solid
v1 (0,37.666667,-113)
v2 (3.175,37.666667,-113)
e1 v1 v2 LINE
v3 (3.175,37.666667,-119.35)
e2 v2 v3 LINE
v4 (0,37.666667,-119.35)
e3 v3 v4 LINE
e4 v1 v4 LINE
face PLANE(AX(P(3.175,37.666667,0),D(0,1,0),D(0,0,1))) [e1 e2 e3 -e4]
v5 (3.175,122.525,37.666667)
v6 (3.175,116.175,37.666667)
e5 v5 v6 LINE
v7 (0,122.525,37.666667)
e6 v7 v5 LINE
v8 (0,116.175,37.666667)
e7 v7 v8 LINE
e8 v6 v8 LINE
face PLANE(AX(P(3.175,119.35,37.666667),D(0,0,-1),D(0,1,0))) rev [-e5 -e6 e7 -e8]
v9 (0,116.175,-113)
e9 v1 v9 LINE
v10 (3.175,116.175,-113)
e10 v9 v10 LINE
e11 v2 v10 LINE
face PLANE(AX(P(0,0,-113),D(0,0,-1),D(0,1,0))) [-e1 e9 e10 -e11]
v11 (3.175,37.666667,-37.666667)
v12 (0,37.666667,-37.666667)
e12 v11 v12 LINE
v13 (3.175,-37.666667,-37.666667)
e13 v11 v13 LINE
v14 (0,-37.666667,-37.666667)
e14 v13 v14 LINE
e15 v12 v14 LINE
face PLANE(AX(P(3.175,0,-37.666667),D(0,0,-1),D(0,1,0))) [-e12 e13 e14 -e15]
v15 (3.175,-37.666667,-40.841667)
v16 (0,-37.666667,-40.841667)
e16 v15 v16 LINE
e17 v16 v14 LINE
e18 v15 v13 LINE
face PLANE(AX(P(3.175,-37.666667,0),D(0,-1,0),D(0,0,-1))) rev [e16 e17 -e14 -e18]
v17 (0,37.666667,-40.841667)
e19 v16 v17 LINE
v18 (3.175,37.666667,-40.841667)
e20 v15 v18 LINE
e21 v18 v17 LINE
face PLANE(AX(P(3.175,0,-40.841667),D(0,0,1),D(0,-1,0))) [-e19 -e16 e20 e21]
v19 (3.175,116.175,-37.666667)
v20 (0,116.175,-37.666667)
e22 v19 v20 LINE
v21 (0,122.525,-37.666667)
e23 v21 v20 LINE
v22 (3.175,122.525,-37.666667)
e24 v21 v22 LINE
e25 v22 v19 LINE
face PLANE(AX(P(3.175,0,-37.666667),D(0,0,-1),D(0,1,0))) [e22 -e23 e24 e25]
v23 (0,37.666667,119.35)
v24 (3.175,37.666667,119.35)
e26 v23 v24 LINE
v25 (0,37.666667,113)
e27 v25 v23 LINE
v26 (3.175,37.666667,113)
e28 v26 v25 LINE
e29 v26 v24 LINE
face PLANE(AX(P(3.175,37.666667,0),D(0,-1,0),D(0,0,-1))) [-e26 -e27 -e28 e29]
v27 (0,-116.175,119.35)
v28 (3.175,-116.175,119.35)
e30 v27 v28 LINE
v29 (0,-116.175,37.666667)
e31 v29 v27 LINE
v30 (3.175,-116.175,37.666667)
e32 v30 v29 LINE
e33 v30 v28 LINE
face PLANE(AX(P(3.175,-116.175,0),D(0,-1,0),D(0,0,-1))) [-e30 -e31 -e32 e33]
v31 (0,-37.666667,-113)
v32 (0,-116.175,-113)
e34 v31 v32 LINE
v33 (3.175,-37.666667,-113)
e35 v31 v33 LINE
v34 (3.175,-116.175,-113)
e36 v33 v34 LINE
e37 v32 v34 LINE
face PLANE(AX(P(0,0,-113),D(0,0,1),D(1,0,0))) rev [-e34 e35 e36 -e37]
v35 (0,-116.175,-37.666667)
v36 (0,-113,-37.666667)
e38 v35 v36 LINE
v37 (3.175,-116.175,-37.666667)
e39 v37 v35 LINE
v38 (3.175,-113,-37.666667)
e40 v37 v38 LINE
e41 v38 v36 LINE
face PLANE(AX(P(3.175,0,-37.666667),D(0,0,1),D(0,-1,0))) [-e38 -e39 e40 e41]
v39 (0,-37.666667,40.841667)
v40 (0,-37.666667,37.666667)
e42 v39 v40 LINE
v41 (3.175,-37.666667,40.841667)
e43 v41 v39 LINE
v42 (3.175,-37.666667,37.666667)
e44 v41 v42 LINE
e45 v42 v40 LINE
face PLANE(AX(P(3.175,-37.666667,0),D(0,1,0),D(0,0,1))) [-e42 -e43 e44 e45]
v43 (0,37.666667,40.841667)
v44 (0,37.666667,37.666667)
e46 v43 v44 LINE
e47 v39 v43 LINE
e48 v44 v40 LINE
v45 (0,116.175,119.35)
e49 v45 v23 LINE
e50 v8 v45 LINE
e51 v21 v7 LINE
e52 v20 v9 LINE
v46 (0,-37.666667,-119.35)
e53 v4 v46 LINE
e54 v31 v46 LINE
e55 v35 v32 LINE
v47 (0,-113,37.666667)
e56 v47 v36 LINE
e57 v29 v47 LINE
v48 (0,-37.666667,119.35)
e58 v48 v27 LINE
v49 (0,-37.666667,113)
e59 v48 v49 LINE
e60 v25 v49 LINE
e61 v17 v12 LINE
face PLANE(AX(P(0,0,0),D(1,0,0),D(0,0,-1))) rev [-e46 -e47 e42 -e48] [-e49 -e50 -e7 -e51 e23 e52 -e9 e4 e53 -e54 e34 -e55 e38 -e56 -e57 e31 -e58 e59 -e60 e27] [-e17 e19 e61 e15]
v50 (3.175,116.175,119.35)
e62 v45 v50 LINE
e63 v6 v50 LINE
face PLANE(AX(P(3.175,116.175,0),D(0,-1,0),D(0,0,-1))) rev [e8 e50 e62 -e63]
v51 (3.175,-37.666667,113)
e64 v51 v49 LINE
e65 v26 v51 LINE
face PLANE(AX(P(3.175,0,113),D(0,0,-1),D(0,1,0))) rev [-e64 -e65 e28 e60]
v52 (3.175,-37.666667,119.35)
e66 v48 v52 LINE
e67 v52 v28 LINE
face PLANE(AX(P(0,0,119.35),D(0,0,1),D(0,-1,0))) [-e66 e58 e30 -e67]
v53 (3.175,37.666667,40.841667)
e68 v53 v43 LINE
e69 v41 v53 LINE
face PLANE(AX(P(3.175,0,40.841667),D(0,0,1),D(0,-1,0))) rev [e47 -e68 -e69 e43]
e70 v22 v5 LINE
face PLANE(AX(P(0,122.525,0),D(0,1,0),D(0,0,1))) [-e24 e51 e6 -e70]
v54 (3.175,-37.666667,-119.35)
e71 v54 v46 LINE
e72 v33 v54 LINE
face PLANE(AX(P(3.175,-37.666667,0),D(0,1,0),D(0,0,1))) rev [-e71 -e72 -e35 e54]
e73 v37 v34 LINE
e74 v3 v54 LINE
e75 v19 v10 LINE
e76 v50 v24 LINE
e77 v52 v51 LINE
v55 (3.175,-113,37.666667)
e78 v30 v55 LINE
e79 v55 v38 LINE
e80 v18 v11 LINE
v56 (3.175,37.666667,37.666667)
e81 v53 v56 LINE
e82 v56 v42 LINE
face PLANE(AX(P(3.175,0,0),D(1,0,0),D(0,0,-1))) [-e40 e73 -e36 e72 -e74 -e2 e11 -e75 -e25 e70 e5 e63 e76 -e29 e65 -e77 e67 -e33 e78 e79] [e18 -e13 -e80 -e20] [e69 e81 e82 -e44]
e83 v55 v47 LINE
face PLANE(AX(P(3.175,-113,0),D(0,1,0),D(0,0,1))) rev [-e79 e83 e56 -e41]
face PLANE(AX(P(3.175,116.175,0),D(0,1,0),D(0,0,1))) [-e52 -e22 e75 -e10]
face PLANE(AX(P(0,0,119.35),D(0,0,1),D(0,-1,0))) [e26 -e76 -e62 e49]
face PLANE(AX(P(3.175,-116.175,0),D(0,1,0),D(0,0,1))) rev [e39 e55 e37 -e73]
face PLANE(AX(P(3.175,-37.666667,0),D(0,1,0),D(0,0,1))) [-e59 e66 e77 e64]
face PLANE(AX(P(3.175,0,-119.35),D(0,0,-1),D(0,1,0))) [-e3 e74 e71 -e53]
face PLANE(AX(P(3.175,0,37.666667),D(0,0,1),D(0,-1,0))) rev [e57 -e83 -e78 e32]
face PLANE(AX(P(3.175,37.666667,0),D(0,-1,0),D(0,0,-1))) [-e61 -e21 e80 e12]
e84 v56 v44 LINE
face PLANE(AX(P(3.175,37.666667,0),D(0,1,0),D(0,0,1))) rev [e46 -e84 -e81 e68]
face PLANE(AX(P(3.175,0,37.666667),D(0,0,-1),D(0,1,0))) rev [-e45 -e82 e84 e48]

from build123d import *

# Parameters (mm, degrees)
SKETCH2_W           = 3.175
SKETCH2_H           = 75.333333334
BOSS_EXTRUDE1_DEPTH = 3.175
SKETCH3_W           = 3.175
SKETCH3_H           = 78.508333333
SKETCH3_W_2         = 75.333333334
SKETCH3_H_2         = 3.175
BOSS_EXTRUDE2_DEPTH = 3.175
SKETCH4_W           = 3.175
SKETCH4_H           = 78.508333333
CUT_EXTRUDE1_DEPTH  = 3.175


with BuildPart() as part:
    # Sketch2 → Boss-Extrude1 (new body)
    with BuildSketch(Plane(origin=(0, 0, 0), x_dir=(0, 0, -1), z_dir=(1, 0, 0))):
        Polygon((-113, 37.666666667), (-113, -37.666666667), (-116.175, -37.666666667), (-116.175, -116.175), (-37.666666667, -116.175), (-37.666666667, -113), (37.666666667, -113), (37.666666667, -116.175), (116.175, -116.175), (116.175, -37.666666667), (119.35, -37.666666667), (119.35, 37.666666667), (116.175, 37.666666667), (116.175, 116.175), (37.666666667, 116.175), (37.666666667, 119.35), (-37.666666667, 119.35), (-37.666666667, 116.175), (-116.175, 116.175), (-116.175, 37.666666667), align=None)
        with Locations((39.254166667, 0)):
            Rectangle(SKETCH2_W, SKETCH2_H, mode=Mode.SUBTRACT)
        with Locations((-39.254166667, 0)):
            Rectangle(SKETCH2_W, SKETCH2_H, mode=Mode.SUBTRACT)
    extrude(amount=BOSS_EXTRUDE1_DEPTH)

    # Sketch3 → Boss-Extrude2 (add)
    with BuildSketch(Plane(origin=(3.175, 0, 0), x_dir=(0, 0, -1), z_dir=(1, 0, 0))):
        with Locations((-117.7625, 76.920833334)):
            Rectangle(SKETCH3_W, SKETCH3_H)
        with Locations((-117.7625, -76.920833334)):
            Rectangle(SKETCH3_W, SKETCH3_H)
        with Locations((0, 120.9375)):
            Rectangle(SKETCH3_W_2, SKETCH3_H_2)
    extrude(amount=-BOSS_EXTRUDE2_DEPTH)

    # Sketch4 → Cut-Extrude1 (cut)
    with BuildSketch(Plane(origin=(3.175, 0, 0), x_dir=(0, 0, -1), z_dir=(1, 0, 0))):
        with Locations((114.5875, 76.920833334)):
            Rectangle(SKETCH4_W, SKETCH4_H)
        with Locations((114.5875, -76.920833334)):
            Rectangle(SKETCH4_W, SKETCH4_H)
    extrude(amount=-CUT_EXTRUDE1_DEPTH, mode=Mode.SUBTRACT)


solid = part.part
